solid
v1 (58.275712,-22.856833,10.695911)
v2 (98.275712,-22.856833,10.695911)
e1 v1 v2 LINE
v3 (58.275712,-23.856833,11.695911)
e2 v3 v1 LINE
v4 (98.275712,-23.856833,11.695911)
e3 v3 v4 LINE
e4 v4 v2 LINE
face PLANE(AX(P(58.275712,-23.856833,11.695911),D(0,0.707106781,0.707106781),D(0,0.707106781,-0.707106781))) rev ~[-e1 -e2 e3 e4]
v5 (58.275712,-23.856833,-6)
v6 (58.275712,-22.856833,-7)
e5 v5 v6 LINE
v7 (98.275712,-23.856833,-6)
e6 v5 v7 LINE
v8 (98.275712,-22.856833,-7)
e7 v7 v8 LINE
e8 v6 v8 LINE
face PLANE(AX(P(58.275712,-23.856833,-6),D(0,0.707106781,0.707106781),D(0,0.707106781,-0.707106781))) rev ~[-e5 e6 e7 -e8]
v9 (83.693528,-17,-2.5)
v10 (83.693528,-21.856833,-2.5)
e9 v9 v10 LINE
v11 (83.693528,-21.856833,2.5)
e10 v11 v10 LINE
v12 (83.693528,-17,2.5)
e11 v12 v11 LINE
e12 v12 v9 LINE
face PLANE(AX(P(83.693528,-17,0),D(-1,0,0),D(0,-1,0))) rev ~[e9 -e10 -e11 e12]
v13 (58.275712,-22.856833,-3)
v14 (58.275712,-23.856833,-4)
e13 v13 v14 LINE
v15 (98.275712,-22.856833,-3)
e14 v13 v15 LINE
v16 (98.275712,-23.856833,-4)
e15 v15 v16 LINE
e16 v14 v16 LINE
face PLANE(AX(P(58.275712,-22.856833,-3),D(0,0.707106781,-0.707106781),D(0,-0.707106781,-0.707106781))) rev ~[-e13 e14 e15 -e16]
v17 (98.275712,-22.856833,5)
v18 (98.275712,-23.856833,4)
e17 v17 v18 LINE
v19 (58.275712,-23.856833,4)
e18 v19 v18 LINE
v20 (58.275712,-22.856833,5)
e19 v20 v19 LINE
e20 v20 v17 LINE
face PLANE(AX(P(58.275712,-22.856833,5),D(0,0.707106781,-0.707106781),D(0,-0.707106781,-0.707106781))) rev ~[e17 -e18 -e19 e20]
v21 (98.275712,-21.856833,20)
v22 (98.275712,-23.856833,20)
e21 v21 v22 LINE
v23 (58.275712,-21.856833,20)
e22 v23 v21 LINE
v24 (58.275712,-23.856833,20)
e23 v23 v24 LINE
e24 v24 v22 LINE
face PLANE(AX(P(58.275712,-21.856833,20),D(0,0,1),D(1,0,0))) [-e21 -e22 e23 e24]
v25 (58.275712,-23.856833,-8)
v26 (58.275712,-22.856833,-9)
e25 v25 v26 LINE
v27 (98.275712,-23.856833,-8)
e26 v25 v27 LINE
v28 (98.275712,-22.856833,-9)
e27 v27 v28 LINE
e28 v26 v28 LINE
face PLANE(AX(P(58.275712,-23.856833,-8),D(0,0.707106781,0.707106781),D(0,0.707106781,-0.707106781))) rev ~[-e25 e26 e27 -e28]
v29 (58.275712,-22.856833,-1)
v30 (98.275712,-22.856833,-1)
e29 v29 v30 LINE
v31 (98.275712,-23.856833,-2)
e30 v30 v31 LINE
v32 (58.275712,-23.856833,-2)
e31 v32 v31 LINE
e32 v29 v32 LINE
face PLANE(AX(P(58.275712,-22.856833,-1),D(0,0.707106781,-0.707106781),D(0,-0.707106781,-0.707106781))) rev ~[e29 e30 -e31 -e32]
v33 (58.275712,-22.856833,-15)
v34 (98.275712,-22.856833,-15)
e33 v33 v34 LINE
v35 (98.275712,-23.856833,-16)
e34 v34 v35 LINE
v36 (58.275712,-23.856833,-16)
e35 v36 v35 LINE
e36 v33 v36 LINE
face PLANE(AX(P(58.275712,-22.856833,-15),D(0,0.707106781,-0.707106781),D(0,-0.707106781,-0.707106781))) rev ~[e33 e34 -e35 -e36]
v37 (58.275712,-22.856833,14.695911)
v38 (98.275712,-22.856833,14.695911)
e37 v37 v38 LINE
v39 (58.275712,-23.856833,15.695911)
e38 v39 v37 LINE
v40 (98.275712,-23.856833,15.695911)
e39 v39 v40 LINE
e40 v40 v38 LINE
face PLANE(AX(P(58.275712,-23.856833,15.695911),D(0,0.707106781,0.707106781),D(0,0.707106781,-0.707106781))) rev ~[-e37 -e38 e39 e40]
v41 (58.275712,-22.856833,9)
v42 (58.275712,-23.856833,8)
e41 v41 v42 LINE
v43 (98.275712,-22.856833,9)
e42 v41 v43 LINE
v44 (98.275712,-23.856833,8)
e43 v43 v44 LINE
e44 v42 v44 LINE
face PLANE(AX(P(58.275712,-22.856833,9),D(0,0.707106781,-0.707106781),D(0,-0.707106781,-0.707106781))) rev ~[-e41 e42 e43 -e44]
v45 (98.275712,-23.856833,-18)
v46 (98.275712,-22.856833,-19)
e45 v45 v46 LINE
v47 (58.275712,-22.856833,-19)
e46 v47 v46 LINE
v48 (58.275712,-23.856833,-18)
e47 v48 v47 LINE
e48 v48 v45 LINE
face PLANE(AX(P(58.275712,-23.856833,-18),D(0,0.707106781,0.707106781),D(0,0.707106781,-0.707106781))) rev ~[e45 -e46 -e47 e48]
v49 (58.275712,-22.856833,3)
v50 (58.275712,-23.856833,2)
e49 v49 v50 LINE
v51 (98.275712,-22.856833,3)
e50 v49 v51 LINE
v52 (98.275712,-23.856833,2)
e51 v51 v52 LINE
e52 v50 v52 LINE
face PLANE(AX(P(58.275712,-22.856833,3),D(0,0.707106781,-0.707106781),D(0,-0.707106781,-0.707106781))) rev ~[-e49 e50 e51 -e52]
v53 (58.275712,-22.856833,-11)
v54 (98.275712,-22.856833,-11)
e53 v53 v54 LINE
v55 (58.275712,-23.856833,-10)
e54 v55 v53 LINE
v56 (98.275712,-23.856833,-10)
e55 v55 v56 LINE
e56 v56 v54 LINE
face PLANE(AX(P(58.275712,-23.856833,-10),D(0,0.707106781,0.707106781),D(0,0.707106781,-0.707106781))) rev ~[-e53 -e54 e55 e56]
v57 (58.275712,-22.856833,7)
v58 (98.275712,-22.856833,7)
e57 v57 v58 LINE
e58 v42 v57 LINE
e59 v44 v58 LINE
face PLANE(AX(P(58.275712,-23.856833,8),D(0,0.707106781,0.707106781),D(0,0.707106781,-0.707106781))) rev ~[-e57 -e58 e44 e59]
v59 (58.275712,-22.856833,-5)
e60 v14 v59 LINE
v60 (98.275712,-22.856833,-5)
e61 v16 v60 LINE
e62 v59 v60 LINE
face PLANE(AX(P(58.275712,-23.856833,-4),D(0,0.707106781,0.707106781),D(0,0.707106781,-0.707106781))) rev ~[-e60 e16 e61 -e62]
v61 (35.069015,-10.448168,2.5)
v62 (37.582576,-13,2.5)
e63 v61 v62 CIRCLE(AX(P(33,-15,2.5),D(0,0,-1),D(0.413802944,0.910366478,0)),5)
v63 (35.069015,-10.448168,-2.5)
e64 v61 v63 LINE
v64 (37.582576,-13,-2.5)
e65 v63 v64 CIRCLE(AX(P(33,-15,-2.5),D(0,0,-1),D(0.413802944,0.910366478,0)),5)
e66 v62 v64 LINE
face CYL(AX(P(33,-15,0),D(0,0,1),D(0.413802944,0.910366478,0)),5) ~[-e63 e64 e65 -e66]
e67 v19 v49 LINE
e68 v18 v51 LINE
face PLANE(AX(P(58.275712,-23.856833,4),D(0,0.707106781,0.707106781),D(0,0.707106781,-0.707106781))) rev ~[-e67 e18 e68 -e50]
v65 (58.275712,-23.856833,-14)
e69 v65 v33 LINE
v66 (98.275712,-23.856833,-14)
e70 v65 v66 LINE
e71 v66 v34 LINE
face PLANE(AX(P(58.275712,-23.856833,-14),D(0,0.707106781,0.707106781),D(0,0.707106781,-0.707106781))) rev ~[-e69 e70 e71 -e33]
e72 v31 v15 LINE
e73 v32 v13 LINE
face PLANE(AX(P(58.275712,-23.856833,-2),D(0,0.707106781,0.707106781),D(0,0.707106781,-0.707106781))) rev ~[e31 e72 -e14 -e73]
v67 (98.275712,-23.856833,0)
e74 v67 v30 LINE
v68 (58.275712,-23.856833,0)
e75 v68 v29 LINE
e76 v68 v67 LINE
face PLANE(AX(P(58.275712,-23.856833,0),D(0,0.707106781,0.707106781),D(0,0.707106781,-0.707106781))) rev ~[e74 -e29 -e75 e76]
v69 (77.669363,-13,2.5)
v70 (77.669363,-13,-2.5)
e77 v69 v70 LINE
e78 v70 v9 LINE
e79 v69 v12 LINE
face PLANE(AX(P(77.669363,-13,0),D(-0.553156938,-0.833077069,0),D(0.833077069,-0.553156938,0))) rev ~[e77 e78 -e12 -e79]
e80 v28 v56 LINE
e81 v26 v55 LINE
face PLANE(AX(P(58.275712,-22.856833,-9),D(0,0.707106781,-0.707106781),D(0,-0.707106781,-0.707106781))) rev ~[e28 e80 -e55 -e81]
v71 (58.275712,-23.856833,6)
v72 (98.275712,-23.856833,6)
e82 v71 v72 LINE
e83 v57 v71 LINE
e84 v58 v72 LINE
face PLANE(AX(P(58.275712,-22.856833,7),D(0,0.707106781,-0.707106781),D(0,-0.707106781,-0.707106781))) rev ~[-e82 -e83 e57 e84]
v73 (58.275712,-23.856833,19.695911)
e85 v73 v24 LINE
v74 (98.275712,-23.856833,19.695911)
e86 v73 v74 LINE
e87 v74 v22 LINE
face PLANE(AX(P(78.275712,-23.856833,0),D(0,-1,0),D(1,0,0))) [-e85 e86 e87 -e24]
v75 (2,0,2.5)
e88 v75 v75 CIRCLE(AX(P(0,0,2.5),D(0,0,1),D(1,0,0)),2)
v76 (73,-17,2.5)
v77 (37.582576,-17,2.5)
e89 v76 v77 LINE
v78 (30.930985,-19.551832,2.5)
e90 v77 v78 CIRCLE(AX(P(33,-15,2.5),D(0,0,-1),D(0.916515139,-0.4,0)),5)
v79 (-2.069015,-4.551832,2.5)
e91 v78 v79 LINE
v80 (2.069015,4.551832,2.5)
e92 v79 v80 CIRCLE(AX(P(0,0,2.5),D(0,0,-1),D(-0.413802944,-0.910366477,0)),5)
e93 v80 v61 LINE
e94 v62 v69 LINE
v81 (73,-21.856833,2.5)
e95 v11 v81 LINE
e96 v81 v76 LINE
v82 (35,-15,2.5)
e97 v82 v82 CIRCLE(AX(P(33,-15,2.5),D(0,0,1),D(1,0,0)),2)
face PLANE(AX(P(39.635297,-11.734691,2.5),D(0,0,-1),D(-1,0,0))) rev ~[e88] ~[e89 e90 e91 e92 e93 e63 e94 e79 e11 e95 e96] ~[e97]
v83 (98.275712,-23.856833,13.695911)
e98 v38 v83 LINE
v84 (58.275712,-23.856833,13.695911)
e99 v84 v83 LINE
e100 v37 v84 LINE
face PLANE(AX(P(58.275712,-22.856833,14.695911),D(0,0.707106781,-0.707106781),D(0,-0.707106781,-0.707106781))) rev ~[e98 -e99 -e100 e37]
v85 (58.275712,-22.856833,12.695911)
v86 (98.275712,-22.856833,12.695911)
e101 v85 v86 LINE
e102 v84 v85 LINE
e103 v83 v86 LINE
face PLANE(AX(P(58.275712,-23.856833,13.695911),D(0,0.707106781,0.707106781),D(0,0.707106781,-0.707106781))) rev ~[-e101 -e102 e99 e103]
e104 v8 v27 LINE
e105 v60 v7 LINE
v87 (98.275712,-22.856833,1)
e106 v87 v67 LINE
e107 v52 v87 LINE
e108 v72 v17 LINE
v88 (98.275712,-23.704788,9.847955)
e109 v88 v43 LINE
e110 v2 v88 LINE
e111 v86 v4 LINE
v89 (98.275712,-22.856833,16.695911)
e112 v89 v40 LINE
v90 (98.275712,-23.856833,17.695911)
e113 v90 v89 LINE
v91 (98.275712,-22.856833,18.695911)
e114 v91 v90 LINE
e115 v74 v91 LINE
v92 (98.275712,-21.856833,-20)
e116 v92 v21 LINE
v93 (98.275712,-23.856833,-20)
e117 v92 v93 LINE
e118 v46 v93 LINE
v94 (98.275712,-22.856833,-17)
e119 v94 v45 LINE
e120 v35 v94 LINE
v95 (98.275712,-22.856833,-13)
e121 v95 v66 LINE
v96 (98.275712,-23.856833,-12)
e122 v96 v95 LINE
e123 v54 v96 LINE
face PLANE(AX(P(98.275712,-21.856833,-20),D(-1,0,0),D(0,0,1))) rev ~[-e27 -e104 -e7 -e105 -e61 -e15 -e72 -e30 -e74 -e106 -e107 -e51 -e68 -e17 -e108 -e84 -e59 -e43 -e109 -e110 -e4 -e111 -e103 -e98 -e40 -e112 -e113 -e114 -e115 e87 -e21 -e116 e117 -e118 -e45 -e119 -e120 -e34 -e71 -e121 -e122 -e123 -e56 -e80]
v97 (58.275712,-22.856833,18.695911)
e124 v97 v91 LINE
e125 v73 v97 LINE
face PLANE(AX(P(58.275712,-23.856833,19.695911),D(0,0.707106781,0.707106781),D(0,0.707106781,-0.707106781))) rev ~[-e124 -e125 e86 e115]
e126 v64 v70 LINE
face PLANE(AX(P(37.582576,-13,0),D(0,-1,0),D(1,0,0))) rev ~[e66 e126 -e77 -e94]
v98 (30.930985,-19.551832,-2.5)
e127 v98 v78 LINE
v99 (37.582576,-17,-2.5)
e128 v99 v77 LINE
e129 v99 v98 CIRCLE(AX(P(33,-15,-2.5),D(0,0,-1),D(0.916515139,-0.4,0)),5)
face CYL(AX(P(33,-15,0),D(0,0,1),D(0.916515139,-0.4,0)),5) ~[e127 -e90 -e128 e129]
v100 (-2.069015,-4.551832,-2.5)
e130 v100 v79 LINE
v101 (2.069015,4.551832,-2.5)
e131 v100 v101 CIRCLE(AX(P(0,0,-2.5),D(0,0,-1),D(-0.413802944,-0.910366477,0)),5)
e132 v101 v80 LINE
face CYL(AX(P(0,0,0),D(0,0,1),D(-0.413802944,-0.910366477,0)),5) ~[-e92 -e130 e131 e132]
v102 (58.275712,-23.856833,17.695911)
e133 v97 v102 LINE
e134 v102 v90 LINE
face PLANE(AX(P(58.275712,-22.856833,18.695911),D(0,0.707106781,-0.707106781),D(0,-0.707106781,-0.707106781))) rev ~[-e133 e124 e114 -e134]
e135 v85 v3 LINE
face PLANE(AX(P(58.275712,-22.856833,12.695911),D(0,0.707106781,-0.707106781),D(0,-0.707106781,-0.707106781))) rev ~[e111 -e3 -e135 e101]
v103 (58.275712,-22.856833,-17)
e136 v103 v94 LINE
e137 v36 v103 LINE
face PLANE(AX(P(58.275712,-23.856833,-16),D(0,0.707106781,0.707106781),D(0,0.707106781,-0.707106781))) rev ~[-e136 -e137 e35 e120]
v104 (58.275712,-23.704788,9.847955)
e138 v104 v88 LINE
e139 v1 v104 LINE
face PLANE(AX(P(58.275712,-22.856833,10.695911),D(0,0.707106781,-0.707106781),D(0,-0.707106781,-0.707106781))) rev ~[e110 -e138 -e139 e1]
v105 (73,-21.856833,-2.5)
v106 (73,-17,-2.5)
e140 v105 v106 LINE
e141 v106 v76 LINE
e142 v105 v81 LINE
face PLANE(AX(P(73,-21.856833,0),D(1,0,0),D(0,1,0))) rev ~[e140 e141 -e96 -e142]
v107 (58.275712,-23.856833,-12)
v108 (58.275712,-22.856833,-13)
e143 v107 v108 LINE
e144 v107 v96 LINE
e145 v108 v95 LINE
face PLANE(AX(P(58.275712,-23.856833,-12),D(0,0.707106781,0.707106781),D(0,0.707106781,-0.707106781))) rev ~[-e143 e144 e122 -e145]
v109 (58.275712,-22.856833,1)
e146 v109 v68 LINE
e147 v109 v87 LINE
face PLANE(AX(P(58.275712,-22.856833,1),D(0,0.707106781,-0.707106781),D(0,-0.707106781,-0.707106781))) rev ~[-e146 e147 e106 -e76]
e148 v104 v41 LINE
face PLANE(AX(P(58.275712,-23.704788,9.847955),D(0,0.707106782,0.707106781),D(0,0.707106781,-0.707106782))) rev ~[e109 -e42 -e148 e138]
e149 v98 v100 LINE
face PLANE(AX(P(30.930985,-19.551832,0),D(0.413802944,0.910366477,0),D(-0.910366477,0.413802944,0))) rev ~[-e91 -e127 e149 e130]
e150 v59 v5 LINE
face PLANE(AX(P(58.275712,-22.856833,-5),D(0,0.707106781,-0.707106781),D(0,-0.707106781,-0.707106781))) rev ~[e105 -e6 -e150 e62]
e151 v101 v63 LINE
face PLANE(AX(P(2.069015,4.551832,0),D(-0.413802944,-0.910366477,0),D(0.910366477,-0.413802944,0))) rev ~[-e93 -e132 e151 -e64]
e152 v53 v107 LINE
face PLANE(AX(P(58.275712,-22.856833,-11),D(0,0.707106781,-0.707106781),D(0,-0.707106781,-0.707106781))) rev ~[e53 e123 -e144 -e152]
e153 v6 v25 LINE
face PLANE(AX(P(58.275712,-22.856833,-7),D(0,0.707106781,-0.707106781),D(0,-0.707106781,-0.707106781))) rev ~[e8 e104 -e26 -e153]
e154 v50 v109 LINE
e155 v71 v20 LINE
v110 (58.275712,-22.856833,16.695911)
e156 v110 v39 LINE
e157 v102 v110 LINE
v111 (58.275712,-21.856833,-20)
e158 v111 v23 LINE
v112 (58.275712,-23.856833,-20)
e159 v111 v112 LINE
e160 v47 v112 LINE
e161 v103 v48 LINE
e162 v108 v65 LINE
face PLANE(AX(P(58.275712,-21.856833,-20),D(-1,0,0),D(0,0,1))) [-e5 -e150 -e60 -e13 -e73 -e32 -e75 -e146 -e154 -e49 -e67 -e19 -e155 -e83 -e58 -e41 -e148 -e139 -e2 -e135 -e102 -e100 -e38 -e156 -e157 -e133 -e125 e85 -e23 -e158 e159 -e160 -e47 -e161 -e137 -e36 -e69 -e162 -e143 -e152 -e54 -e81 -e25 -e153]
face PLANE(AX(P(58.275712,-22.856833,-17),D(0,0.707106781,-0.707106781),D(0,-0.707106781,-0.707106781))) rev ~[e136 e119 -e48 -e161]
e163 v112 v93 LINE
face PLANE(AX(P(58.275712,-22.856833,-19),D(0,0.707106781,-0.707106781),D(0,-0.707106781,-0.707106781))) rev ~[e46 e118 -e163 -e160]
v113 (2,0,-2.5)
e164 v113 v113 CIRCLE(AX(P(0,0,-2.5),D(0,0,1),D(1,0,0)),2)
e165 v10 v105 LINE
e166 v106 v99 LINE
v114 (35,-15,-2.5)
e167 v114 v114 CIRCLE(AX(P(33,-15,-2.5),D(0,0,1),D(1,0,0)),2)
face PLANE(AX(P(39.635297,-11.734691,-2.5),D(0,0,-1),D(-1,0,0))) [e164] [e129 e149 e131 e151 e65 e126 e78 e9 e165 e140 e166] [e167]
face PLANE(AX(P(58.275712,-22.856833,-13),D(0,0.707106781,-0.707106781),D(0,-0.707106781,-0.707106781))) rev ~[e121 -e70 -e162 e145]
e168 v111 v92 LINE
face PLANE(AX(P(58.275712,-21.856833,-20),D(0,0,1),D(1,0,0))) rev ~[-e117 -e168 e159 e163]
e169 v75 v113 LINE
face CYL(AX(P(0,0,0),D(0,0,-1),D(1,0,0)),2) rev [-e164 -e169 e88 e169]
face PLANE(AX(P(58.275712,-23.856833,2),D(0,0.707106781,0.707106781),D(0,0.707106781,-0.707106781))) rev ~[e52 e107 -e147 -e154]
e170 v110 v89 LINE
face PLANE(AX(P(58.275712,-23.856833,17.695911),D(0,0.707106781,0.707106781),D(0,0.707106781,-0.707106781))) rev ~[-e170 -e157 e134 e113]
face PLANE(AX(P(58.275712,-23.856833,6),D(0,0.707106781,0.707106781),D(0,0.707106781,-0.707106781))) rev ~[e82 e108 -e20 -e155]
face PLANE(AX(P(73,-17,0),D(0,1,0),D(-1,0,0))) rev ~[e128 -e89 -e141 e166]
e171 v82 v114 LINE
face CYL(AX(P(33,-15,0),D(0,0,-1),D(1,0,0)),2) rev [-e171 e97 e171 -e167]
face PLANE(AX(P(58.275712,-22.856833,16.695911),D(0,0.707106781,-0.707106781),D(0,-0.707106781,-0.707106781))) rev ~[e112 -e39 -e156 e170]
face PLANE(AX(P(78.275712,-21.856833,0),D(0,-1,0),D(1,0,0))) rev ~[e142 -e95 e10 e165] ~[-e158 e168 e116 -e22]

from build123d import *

# Parameters (mm, degrees)
SKETCH_1_R          = 2
EXTRUDE_1_DEPTH     = 2.5
SKETCH_2_W          = 40
SKETCH_2_H          = 40
EXTRUDE_2_DEPTH     = 2
CUT_EXTRUDE_1_DEPTH = 40


with BuildPart() as part:
    # 草图1 → 凸台-拉伸1 (new, symmetric)
    with BuildSketch(Plane.XY):
        with BuildLine():
            Line((2.069014722, 4.551832387), (35.069014722, -10.448167613))
            ThreePointArc((35.069014722, -10.448167613), (36.562144846, -11.491278851), (37.582575695, -13))
            Line((37.582575695, -13), (73, -13))
            Line((73, -13), (77.669363216, -13))
            Line((77.669363216, -13), (83.69352751, -17))
            Line((83.69352751, -17), (83.69352751, -21.856832822))
            Line((83.69352751, -21.856832822), (73, -21.856832822))
            Line((73, -21.856832822), (73, -17))
            Line((73, -17), (37.582575695, -17))
            ThreePointArc((37.582575695, -17), (34.790938113, -19.668248138), (30.930985278, -19.551832387))
            Line((30.930985278, -19.551832387), (-2.069014722, -4.551832387))
            ThreePointArc((-2.069014722, -4.551832387), (-4.551832387, 2.069014722), (2.069014722, 4.551832387))
        make_face()
        Circle(SKETCH_1_R, mode=Mode.SUBTRACT)
        with Locations((33, -15)):
            Circle(SKETCH_1_R, mode=Mode.SUBTRACT)
    extrude(amount=EXTRUDE_1_DEPTH, both=True)

    # 草图2 → 凸台-拉伸2 (add)
    with BuildSketch(Plane.XZ.offset(21.856832822)):
        with Locations((78.275712014, 0)):
            Rectangle(SKETCH_2_W, SKETCH_2_H)
    extrude(amount=EXTRUDE_2_DEPTH)

    # 草图4 → 切除-拉伸1 (cut)
    with BuildSketch(Plane.ZY.offset(-58.275712014)):
        Polygon((-19, -22.856832822), (-20, -23.856832822), (-18, -23.856832822), align=None)
        Polygon((-17, -22.856832822), (-18, -23.856832822), (-16, -23.856832822), align=None)
        Polygon((-15, -22.856832822), (-16, -23.856832822), (-14, -23.856832822), align=None)
        Polygon((-13, -22.856832822), (-14, -23.856832822), (-12, -23.856832822), align=None)
        Polygon((-11, -22.856832822), (-12, -23.856832822), (-10, -23.856832822), align=None)
        Polygon((-9, -22.856832822), (-10, -23.856832822), (-8, -23.856832822), align=None)
        Polygon((-7, -22.856832822), (-8, -23.856832822), (-6, -23.856832822), align=None)
        Polygon((-5, -22.856832822), (-6, -23.856832822), (-4, -23.856832822), align=None)
        Polygon((-3, -22.856832822), (-4, -23.856832822), (-2, -23.856832822), align=None)
        Polygon((-1, -22.856832822), (-2, -23.856832822), (0, -23.856832822), align=None)
        Polygon((1, -22.856832822), (0, -23.856832822), (2, -23.856832822), align=None)
        Polygon((3, -22.856832822), (2, -23.856832822), (4, -23.856832822), align=None)
        Polygon((5, -22.856832822), (4, -23.856832822), (6, -23.856832822), align=None)
        Polygon((7, -22.856832822), (6, -23.856832822), (8, -23.856832822), align=None)
        Polygon((9, -22.856832822), (8, -23.856832822), (11.695910697, -23.856832822), (10.695910697, -22.856832822), (9.847955349, -23.70478817), align=None)
        Polygon((12.695910697, -22.856832822), (11.695910697, -23.856832822), (13.695910697, -23.856832822), align=None)
        Polygon((18.695910697, -22.856832822), (17.695910697, -23.856832822), (19.695910697, -23.856832822), align=None)
        Polygon((16.695910697, -22.856832822), (15.695910697, -23.856832822), (17.695910697, -23.856832822), align=None)
        Polygon((14.695910697, -22.856832822), (13.695910697, -23.856832822), (15.695910697, -23.856832822), align=None)
    extrude(amount=-CUT_EXTRUDE_1_DEPTH, mode=Mode.SUBTRACT)


solid = part.part
